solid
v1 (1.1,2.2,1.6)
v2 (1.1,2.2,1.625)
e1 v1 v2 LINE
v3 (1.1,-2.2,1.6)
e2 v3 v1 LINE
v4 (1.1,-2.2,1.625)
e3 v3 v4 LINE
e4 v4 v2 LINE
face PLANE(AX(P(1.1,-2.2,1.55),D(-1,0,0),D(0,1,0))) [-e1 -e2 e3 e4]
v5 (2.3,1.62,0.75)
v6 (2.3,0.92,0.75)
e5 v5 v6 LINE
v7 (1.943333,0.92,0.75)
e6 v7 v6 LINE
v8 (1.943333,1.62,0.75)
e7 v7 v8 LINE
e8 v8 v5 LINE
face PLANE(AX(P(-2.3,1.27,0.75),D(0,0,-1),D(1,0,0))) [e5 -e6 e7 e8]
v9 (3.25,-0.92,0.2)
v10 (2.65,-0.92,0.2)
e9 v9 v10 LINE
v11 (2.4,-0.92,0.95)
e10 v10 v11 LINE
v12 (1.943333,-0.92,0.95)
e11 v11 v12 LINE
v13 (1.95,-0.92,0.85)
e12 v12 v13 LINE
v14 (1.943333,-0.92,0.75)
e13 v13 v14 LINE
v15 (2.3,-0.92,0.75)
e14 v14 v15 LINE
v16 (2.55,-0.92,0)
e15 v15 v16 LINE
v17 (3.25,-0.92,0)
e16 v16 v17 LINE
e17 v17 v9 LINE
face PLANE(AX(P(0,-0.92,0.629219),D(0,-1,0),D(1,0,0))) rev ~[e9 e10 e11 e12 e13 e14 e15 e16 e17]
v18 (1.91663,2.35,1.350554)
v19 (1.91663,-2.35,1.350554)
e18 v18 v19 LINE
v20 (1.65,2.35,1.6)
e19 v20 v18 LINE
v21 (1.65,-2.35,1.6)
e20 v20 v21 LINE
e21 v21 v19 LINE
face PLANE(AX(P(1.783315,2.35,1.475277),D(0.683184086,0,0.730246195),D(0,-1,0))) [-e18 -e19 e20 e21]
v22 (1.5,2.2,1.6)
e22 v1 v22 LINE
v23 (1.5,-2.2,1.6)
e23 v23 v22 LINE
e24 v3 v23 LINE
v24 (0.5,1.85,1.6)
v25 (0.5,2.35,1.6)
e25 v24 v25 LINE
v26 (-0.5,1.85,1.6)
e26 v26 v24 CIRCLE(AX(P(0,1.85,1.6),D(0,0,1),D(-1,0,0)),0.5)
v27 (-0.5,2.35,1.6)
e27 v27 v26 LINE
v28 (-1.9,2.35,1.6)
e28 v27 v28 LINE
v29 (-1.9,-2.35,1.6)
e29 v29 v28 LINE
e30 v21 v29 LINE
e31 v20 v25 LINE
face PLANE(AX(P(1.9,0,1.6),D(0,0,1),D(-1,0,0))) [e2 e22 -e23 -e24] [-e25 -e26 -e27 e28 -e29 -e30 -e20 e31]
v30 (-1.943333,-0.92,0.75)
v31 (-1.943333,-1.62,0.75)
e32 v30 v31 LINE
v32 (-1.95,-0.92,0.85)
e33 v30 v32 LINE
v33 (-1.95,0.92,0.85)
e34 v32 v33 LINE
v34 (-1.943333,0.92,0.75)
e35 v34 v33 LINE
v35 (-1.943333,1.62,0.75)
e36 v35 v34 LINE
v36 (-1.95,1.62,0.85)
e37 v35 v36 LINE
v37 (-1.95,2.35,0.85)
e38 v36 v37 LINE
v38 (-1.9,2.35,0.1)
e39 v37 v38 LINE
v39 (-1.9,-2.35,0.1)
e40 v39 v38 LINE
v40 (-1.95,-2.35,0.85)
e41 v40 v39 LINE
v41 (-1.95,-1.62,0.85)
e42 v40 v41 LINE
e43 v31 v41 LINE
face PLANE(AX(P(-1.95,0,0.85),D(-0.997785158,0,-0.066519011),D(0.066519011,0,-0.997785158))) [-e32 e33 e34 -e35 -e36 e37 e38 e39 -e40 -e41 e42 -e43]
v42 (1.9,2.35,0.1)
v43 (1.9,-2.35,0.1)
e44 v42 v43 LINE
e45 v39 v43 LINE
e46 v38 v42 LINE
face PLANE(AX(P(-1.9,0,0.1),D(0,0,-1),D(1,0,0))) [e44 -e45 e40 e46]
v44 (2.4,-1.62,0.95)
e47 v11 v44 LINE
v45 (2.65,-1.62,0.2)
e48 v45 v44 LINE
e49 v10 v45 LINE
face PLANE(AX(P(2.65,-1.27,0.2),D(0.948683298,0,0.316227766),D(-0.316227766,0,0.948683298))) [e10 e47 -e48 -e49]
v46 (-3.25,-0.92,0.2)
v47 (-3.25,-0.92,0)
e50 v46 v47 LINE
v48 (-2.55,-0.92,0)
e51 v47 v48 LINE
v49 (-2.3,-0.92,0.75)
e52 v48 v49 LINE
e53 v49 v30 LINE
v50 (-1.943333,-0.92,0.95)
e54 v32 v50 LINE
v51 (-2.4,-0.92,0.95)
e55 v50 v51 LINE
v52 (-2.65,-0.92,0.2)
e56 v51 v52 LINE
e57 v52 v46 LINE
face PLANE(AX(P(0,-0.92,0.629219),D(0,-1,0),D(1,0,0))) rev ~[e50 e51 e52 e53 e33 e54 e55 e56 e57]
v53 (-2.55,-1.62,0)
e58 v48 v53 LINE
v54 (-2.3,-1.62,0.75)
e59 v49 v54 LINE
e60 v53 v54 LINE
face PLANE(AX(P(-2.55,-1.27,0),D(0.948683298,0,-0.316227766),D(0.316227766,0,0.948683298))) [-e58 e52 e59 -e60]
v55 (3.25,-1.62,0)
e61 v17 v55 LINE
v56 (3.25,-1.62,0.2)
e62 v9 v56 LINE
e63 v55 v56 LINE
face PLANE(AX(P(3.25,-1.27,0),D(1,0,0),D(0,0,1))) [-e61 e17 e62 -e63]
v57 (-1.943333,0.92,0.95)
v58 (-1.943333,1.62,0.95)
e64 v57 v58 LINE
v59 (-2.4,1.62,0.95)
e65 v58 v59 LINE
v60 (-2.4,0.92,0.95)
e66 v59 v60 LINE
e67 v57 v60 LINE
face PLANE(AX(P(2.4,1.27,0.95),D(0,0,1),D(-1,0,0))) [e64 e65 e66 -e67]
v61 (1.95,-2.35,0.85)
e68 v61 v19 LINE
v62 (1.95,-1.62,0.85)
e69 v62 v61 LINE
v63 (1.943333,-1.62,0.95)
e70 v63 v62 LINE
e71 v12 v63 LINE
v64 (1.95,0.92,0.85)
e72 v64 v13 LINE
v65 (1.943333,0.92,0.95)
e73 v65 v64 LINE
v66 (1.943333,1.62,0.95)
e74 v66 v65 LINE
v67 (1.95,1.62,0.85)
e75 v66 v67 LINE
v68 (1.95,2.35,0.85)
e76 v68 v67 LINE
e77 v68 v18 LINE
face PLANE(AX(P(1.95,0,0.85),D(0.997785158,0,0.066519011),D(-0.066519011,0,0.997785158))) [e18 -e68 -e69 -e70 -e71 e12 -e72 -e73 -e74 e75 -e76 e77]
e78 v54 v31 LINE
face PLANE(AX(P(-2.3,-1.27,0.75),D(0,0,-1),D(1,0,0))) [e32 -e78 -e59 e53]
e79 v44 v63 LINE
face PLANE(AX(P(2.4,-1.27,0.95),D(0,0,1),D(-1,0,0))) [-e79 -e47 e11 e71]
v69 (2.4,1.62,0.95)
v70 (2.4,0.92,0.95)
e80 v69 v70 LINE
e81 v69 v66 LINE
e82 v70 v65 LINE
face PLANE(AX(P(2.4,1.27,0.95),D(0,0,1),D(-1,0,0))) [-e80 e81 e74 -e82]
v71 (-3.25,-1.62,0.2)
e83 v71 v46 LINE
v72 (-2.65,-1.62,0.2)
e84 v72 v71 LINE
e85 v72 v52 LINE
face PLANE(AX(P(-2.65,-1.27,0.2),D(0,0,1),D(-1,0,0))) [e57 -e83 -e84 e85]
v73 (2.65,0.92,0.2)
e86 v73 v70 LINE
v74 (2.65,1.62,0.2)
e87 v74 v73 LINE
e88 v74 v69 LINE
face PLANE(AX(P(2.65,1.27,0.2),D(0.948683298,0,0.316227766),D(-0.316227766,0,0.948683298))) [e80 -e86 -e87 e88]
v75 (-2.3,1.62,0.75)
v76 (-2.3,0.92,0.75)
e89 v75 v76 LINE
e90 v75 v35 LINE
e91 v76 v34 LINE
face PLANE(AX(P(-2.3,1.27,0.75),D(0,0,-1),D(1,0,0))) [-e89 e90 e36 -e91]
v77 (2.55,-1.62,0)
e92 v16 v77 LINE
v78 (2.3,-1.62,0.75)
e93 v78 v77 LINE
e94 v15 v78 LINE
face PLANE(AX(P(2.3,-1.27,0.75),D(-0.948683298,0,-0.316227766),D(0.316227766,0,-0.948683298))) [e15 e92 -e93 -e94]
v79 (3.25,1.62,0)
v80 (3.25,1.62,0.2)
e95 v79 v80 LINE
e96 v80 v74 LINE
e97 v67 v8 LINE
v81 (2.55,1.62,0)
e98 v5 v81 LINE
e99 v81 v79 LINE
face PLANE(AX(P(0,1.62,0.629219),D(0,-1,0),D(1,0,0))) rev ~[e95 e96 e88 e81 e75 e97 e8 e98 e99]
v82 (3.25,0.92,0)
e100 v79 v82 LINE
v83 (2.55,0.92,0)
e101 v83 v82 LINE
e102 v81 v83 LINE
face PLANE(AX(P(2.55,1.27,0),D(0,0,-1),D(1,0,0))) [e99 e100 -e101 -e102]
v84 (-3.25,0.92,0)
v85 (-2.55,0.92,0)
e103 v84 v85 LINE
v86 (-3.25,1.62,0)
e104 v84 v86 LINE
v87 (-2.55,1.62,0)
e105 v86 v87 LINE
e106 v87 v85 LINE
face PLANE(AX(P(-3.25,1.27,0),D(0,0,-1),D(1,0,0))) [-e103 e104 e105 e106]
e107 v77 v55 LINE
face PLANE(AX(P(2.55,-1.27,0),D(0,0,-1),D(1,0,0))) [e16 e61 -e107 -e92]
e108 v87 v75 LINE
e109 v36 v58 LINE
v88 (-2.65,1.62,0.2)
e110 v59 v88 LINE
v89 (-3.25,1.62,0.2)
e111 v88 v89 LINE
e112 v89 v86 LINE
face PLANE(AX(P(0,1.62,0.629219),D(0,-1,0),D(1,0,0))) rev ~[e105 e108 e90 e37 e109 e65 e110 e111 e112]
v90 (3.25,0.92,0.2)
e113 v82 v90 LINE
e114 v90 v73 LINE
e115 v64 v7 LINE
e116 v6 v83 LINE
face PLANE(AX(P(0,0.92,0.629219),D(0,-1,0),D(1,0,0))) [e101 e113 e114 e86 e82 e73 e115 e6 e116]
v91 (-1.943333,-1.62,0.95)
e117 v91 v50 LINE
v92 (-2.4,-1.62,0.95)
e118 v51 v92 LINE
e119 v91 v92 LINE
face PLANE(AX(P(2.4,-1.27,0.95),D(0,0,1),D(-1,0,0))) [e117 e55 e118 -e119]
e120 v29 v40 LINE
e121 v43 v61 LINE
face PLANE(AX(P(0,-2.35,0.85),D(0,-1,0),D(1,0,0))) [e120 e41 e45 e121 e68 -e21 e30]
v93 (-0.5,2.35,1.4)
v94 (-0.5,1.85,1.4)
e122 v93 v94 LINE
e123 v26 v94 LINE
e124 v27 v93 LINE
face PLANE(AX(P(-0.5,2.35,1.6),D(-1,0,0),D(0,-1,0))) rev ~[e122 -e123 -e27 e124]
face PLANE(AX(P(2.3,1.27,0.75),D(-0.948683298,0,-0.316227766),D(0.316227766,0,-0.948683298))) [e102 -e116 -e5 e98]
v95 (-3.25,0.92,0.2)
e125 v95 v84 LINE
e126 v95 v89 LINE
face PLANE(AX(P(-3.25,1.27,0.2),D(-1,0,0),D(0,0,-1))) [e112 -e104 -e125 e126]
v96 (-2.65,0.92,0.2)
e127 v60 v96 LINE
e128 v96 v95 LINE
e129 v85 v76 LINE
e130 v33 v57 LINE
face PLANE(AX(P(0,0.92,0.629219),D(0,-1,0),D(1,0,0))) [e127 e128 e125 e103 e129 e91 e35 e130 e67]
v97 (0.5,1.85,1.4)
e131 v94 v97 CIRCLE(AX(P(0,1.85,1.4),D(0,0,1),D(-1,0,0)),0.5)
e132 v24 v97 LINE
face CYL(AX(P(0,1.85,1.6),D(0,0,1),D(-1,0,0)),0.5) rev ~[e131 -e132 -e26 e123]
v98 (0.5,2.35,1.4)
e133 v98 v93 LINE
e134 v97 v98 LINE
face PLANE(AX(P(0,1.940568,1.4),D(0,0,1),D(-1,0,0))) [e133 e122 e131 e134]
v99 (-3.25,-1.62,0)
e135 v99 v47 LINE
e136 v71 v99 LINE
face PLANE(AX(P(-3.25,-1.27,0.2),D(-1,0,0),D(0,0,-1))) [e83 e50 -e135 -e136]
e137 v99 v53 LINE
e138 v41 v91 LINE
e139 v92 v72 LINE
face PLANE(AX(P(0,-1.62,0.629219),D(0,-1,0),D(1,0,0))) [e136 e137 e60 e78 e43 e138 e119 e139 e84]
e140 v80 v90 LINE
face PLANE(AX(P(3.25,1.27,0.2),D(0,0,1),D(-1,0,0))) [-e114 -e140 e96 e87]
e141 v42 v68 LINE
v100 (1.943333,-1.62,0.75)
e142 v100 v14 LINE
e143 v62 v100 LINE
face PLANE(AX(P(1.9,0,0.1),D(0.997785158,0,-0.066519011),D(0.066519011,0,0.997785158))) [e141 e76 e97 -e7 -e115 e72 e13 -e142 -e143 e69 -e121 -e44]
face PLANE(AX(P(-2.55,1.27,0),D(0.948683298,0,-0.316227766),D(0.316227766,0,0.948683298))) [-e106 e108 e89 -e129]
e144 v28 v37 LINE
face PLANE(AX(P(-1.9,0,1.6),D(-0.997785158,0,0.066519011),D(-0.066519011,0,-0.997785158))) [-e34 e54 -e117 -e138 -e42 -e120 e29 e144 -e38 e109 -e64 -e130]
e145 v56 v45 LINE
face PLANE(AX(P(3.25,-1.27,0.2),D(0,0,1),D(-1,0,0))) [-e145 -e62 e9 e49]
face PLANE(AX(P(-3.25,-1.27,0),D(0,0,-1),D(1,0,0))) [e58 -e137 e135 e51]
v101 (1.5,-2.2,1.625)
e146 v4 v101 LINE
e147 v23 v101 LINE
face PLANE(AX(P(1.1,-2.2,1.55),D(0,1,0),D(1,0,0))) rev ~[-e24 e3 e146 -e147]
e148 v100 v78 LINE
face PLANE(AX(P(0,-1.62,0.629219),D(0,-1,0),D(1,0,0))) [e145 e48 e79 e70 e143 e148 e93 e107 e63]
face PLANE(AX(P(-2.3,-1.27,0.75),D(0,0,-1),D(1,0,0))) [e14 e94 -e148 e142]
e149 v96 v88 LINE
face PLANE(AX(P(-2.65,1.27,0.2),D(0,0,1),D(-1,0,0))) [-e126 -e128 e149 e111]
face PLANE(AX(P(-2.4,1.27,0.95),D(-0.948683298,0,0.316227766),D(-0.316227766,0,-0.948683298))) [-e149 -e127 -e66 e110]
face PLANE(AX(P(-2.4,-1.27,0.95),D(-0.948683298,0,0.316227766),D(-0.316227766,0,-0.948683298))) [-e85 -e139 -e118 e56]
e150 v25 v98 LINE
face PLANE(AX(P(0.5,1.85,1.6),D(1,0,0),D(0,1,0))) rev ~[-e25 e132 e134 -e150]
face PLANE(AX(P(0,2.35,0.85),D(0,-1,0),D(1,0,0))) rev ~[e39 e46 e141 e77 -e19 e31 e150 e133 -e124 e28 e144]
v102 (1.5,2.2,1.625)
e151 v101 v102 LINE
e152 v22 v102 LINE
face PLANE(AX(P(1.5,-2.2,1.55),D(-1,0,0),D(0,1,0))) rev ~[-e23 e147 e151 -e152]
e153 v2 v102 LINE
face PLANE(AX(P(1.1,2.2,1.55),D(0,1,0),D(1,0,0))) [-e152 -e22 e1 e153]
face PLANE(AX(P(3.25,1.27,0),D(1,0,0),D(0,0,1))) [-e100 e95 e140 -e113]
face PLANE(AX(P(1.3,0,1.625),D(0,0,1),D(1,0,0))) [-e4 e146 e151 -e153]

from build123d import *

# Parameters (mm, degrees)
PAD_DEPTH    = 2.35
CHAMFER_SIZE = 0.25
POCKET_DEPTH = 0.2
PAD003_DEPTH = 0.35
PAD002_DEPTH = 0.35
SKETCH005_W  = 0.4
SKETCH005_H  = 4.4
PAD004_DEPTH = 0.075


with BuildPart() as pocket:
    # Sketch → Pad (new body, symmetric)
    with BuildSketch(Plane.XZ):
        Polygon((-1.9, 0.1), (1.9, 0.1), (1.95, 0.85), (1.9, 1.6), (-1.9, 1.6), (-1.95, 0.85), align=None)
    extrude(amount=PAD_DEPTH, both=True)

    # Chamfer
    chamfer_edges = [pocket.edges().sort_by_distance(p)[0] for p in [
        (1.9, 0, 1.6),
    ]]
    chamfer(chamfer_edges, length=CHAMFER_SIZE)

    # Sketch004 → Pocket (cut)
    with BuildSketch(Plane(origin=(0, 0, 1.6), x_dir=(-1, 0, 0), z_dir=(0, 0, 1))):
        with BuildLine():
            ThreePointArc((0.5, -1.85), (0, -1.35), (-0.5, -1.85))
            Line((-0.5, -1.85), (-0.5, -2.35))
            Line((-0.5, -2.35), (0.5, -2.35))
            Line((0.5, -2.35), (0.5, -1.85))
        make_face()
    extrude(amount=-POCKET_DEPTH, mode=Mode.SUBTRACT)


with BuildPart() as pad003:
    # Sketch003 → Pad003 (new body, symmetric)
    with BuildSketch(Plane.XZ.offset(-1.27)):
        Polygon((-3.25, 0), (-2.55, 0), (-2.3, 0.75), (2.3, 0.75), (2.55, 0), (3.25, 0), (3.25, 0.2), (2.65, 0.2), (2.4, 0.95), (-2.4, 0.95), (-2.65, 0.2), (-3.25, 0.2), align=None)
    extrude(amount=PAD003_DEPTH, both=True)


with BuildPart() as pad002:
    # Sketch002 → Pad002 (new body, symmetric)
    with BuildSketch(Plane.XZ.offset(1.27)):
        Polygon((-3.25, 0), (-2.55, 0), (-2.3, 0.75), (2.3, 0.75), (2.55, 0), (3.25, 0), (3.25, 0.2), (2.65, 0.2), (2.4, 0.95), (-2.4, 0.95), (-2.65, 0.2), (-3.25, 0.2), align=None)
    extrude(amount=PAD002_DEPTH, both=True)


with BuildPart() as to_269aa:
    # Sketch005 → Pad004 (new body)
    with BuildSketch(Plane.XY.offset(1.55)):
        with Locations((1.3, 0)):
            Rectangle(SKETCH005_W, SKETCH005_H)
    extrude(amount=PAD004_DEPTH)

    # Pad004_mp_cp: union Pocket, Pad003, Pad002
    add(pocket.part)
    add(pad003.part)
    add(pad002.part)


solid = to_269aa.part
